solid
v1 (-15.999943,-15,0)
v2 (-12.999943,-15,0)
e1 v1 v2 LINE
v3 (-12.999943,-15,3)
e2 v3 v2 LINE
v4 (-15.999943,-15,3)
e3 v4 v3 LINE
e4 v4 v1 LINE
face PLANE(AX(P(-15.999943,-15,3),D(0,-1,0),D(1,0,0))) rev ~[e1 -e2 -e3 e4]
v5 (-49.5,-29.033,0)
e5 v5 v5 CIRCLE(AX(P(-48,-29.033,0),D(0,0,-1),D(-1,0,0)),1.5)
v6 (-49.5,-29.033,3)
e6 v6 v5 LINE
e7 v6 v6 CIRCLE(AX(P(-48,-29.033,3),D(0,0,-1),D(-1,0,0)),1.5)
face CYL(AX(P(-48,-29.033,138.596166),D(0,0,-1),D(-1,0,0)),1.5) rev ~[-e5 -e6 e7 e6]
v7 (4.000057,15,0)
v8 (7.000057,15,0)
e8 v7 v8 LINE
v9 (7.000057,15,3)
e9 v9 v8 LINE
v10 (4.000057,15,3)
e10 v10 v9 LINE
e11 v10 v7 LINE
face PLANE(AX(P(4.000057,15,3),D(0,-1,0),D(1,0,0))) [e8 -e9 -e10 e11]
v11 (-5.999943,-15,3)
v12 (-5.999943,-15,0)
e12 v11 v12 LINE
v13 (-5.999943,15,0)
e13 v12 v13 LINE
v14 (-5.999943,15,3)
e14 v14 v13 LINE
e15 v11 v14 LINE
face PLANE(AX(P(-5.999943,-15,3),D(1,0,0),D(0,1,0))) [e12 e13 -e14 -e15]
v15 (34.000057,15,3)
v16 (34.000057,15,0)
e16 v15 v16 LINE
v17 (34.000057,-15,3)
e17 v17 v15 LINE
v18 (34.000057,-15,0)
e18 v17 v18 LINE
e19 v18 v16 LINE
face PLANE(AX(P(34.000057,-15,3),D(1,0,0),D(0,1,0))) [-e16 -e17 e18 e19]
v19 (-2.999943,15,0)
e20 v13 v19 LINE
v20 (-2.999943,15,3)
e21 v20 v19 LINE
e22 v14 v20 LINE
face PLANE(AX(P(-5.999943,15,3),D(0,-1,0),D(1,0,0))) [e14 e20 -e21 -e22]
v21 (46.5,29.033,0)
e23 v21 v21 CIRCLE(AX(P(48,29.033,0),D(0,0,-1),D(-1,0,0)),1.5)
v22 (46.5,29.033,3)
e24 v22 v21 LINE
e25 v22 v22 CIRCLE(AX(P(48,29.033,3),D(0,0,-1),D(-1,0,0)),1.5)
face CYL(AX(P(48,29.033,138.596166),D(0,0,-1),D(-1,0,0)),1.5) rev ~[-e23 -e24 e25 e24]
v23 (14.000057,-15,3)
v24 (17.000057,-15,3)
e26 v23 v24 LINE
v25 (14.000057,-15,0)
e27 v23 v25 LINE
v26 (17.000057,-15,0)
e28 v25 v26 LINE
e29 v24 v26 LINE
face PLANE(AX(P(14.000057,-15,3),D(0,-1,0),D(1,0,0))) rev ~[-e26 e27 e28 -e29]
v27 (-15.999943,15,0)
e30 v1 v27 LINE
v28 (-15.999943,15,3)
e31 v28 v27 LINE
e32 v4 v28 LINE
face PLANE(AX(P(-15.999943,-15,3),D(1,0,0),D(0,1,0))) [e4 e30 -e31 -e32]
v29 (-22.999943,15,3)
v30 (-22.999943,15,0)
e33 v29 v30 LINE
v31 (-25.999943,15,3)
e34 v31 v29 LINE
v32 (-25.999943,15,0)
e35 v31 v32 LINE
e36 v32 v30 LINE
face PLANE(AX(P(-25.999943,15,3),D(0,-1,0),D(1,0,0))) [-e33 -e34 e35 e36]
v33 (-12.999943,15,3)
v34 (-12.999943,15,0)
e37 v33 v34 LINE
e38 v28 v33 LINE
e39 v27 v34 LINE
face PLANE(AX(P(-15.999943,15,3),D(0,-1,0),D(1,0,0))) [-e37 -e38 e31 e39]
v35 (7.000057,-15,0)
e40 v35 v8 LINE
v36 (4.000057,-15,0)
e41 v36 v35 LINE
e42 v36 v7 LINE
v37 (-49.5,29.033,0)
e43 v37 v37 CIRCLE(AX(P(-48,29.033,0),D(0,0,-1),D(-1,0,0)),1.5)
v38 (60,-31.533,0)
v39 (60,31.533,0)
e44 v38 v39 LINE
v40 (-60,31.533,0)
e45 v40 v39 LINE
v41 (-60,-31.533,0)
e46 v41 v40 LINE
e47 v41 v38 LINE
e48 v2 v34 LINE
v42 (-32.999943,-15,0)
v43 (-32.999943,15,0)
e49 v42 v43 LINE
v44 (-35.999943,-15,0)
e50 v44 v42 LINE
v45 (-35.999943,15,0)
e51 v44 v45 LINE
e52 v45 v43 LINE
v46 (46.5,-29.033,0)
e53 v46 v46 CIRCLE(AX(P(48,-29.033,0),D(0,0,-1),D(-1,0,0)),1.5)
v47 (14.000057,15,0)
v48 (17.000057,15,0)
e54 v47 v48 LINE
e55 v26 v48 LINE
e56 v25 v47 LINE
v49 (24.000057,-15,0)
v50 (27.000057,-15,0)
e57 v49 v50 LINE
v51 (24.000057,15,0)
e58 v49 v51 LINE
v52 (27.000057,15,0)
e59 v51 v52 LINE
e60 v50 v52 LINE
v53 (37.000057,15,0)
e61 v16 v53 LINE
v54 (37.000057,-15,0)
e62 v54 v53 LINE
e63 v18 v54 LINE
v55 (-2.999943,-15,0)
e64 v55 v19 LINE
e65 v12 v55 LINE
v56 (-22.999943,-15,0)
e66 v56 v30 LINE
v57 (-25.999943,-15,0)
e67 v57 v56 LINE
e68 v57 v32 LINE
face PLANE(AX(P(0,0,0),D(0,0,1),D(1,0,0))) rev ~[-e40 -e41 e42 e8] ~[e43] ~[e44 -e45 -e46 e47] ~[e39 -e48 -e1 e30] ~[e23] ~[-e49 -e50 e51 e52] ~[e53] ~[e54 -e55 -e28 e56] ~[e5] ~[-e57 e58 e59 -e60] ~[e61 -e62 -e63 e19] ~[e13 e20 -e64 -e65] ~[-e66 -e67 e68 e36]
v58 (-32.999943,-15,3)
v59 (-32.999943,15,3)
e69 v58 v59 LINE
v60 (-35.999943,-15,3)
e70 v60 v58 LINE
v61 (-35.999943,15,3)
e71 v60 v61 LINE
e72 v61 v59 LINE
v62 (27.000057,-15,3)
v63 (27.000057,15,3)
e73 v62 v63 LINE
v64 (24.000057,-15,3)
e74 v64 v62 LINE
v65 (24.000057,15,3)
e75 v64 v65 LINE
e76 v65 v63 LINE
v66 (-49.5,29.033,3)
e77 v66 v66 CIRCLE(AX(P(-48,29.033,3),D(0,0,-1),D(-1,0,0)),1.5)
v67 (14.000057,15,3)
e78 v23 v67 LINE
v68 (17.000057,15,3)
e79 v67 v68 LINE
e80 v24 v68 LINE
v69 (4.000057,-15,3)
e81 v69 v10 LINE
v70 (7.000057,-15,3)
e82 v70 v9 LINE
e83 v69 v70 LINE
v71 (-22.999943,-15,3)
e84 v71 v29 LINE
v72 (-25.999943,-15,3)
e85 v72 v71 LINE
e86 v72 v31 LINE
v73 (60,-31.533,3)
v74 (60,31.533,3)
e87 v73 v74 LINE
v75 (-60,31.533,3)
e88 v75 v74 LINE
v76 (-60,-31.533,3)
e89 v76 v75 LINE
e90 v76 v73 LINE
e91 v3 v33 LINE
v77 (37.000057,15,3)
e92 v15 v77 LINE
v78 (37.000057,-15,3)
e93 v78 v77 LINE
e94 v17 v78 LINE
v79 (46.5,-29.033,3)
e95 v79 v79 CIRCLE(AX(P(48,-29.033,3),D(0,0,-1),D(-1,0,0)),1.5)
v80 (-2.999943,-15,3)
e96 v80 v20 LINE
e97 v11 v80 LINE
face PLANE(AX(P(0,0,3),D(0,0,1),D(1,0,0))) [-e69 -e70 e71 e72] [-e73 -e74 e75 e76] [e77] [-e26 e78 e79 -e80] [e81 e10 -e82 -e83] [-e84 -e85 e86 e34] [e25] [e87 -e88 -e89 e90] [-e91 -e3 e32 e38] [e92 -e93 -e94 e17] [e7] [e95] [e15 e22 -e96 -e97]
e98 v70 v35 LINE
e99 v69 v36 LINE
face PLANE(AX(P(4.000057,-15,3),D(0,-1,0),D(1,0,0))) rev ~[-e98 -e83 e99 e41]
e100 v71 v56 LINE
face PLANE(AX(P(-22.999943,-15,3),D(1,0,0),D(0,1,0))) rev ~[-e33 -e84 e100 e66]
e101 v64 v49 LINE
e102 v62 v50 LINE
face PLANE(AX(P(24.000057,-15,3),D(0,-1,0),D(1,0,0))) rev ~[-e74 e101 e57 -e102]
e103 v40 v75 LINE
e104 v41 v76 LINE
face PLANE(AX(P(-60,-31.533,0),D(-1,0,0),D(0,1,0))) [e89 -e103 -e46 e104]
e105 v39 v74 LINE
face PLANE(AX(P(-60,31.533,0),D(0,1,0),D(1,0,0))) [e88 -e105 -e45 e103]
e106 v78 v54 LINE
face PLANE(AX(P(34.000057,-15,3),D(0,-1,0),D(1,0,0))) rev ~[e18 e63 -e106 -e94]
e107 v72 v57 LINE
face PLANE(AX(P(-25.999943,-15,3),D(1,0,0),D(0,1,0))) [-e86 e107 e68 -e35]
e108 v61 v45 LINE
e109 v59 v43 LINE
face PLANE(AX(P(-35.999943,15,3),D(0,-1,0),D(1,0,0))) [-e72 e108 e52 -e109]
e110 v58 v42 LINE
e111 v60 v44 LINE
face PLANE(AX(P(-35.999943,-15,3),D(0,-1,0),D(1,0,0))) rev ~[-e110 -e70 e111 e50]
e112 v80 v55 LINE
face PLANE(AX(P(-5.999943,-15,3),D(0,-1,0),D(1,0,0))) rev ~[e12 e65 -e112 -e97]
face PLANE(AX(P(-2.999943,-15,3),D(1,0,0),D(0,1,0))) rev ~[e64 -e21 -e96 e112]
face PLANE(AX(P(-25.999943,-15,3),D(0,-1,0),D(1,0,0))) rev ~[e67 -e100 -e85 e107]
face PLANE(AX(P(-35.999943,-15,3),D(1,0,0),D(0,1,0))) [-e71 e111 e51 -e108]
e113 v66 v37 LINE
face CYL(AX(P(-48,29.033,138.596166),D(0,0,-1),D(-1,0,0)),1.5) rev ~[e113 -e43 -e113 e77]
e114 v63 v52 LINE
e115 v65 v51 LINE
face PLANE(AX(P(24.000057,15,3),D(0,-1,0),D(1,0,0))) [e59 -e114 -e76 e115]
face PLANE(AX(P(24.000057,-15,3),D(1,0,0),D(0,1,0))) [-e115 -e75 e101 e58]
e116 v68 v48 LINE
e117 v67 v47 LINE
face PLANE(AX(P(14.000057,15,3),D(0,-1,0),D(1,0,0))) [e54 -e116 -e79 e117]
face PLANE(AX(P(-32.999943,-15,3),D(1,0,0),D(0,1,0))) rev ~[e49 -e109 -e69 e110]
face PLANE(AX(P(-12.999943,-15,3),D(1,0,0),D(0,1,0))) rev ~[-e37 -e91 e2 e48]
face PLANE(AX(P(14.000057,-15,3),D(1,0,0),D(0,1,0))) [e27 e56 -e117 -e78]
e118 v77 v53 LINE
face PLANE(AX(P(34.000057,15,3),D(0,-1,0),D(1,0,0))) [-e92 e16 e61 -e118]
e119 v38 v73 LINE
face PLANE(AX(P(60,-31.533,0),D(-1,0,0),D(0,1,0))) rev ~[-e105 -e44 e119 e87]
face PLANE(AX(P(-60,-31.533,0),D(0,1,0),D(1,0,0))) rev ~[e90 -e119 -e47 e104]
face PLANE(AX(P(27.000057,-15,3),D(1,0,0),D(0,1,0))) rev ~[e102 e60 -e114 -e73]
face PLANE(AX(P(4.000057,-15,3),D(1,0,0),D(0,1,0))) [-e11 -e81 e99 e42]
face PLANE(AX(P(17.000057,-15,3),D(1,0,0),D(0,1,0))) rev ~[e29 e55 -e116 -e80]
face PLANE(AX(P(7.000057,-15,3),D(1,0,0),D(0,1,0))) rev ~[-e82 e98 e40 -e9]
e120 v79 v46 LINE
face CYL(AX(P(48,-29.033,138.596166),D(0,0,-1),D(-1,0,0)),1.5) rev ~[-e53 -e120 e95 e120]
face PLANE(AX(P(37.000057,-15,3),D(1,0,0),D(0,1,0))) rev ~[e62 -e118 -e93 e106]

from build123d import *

# Parameters (mm, degrees)
F0_W     = 120
F0_H     = 63.066
F1_DEPTH = 3
F3_D     = 3
F4_W     = 3
F4_H     = 30
F5_DEPTH = 3.001


with BuildPart() as f1:
    # F0 (on Top) → F1 (new body)
    with BuildSketch(Plane.XY):
        Rectangle(F0_W, F0_H)
    extrude(amount=F1_DEPTH)

    # F3 (through all)
    with Locations(Plane.XY.offset(3)):
        with Locations((-48, 29.033), (48, 29.033), (48, -29.033), (-48, -29.033)):
            Hole(F3_D / 2)

    # F4 (on face) → F5 (cut, through all)
    with BuildSketch(Plane.XY.offset(3)):
        with Locations((-34.4999431167, 0)):
            Rectangle(F4_W, F4_H)
        with Locations((-24.4999431167, 0)):
            Rectangle(F4_W, F4_H)
        with Locations((-14.4999431167, 0)):
            Rectangle(F4_W, F4_H)
        with Locations((5.5000568833, 0)):
            Rectangle(F4_W, F4_H)
        with Locations((-4.4999431167, 0)):
            Rectangle(F4_W, F4_H)
        with Locations((15.5000568833, 0)):
            Rectangle(F4_W, F4_H)
        with Locations((25.5000568833, 0)):
            Rectangle(F4_W, F4_H)
        with Locations((35.5000568833, 0)):
            Rectangle(F4_W, F4_H)
    extrude(amount=-F5_DEPTH, mode=Mode.SUBTRACT)


solid = f1.part
